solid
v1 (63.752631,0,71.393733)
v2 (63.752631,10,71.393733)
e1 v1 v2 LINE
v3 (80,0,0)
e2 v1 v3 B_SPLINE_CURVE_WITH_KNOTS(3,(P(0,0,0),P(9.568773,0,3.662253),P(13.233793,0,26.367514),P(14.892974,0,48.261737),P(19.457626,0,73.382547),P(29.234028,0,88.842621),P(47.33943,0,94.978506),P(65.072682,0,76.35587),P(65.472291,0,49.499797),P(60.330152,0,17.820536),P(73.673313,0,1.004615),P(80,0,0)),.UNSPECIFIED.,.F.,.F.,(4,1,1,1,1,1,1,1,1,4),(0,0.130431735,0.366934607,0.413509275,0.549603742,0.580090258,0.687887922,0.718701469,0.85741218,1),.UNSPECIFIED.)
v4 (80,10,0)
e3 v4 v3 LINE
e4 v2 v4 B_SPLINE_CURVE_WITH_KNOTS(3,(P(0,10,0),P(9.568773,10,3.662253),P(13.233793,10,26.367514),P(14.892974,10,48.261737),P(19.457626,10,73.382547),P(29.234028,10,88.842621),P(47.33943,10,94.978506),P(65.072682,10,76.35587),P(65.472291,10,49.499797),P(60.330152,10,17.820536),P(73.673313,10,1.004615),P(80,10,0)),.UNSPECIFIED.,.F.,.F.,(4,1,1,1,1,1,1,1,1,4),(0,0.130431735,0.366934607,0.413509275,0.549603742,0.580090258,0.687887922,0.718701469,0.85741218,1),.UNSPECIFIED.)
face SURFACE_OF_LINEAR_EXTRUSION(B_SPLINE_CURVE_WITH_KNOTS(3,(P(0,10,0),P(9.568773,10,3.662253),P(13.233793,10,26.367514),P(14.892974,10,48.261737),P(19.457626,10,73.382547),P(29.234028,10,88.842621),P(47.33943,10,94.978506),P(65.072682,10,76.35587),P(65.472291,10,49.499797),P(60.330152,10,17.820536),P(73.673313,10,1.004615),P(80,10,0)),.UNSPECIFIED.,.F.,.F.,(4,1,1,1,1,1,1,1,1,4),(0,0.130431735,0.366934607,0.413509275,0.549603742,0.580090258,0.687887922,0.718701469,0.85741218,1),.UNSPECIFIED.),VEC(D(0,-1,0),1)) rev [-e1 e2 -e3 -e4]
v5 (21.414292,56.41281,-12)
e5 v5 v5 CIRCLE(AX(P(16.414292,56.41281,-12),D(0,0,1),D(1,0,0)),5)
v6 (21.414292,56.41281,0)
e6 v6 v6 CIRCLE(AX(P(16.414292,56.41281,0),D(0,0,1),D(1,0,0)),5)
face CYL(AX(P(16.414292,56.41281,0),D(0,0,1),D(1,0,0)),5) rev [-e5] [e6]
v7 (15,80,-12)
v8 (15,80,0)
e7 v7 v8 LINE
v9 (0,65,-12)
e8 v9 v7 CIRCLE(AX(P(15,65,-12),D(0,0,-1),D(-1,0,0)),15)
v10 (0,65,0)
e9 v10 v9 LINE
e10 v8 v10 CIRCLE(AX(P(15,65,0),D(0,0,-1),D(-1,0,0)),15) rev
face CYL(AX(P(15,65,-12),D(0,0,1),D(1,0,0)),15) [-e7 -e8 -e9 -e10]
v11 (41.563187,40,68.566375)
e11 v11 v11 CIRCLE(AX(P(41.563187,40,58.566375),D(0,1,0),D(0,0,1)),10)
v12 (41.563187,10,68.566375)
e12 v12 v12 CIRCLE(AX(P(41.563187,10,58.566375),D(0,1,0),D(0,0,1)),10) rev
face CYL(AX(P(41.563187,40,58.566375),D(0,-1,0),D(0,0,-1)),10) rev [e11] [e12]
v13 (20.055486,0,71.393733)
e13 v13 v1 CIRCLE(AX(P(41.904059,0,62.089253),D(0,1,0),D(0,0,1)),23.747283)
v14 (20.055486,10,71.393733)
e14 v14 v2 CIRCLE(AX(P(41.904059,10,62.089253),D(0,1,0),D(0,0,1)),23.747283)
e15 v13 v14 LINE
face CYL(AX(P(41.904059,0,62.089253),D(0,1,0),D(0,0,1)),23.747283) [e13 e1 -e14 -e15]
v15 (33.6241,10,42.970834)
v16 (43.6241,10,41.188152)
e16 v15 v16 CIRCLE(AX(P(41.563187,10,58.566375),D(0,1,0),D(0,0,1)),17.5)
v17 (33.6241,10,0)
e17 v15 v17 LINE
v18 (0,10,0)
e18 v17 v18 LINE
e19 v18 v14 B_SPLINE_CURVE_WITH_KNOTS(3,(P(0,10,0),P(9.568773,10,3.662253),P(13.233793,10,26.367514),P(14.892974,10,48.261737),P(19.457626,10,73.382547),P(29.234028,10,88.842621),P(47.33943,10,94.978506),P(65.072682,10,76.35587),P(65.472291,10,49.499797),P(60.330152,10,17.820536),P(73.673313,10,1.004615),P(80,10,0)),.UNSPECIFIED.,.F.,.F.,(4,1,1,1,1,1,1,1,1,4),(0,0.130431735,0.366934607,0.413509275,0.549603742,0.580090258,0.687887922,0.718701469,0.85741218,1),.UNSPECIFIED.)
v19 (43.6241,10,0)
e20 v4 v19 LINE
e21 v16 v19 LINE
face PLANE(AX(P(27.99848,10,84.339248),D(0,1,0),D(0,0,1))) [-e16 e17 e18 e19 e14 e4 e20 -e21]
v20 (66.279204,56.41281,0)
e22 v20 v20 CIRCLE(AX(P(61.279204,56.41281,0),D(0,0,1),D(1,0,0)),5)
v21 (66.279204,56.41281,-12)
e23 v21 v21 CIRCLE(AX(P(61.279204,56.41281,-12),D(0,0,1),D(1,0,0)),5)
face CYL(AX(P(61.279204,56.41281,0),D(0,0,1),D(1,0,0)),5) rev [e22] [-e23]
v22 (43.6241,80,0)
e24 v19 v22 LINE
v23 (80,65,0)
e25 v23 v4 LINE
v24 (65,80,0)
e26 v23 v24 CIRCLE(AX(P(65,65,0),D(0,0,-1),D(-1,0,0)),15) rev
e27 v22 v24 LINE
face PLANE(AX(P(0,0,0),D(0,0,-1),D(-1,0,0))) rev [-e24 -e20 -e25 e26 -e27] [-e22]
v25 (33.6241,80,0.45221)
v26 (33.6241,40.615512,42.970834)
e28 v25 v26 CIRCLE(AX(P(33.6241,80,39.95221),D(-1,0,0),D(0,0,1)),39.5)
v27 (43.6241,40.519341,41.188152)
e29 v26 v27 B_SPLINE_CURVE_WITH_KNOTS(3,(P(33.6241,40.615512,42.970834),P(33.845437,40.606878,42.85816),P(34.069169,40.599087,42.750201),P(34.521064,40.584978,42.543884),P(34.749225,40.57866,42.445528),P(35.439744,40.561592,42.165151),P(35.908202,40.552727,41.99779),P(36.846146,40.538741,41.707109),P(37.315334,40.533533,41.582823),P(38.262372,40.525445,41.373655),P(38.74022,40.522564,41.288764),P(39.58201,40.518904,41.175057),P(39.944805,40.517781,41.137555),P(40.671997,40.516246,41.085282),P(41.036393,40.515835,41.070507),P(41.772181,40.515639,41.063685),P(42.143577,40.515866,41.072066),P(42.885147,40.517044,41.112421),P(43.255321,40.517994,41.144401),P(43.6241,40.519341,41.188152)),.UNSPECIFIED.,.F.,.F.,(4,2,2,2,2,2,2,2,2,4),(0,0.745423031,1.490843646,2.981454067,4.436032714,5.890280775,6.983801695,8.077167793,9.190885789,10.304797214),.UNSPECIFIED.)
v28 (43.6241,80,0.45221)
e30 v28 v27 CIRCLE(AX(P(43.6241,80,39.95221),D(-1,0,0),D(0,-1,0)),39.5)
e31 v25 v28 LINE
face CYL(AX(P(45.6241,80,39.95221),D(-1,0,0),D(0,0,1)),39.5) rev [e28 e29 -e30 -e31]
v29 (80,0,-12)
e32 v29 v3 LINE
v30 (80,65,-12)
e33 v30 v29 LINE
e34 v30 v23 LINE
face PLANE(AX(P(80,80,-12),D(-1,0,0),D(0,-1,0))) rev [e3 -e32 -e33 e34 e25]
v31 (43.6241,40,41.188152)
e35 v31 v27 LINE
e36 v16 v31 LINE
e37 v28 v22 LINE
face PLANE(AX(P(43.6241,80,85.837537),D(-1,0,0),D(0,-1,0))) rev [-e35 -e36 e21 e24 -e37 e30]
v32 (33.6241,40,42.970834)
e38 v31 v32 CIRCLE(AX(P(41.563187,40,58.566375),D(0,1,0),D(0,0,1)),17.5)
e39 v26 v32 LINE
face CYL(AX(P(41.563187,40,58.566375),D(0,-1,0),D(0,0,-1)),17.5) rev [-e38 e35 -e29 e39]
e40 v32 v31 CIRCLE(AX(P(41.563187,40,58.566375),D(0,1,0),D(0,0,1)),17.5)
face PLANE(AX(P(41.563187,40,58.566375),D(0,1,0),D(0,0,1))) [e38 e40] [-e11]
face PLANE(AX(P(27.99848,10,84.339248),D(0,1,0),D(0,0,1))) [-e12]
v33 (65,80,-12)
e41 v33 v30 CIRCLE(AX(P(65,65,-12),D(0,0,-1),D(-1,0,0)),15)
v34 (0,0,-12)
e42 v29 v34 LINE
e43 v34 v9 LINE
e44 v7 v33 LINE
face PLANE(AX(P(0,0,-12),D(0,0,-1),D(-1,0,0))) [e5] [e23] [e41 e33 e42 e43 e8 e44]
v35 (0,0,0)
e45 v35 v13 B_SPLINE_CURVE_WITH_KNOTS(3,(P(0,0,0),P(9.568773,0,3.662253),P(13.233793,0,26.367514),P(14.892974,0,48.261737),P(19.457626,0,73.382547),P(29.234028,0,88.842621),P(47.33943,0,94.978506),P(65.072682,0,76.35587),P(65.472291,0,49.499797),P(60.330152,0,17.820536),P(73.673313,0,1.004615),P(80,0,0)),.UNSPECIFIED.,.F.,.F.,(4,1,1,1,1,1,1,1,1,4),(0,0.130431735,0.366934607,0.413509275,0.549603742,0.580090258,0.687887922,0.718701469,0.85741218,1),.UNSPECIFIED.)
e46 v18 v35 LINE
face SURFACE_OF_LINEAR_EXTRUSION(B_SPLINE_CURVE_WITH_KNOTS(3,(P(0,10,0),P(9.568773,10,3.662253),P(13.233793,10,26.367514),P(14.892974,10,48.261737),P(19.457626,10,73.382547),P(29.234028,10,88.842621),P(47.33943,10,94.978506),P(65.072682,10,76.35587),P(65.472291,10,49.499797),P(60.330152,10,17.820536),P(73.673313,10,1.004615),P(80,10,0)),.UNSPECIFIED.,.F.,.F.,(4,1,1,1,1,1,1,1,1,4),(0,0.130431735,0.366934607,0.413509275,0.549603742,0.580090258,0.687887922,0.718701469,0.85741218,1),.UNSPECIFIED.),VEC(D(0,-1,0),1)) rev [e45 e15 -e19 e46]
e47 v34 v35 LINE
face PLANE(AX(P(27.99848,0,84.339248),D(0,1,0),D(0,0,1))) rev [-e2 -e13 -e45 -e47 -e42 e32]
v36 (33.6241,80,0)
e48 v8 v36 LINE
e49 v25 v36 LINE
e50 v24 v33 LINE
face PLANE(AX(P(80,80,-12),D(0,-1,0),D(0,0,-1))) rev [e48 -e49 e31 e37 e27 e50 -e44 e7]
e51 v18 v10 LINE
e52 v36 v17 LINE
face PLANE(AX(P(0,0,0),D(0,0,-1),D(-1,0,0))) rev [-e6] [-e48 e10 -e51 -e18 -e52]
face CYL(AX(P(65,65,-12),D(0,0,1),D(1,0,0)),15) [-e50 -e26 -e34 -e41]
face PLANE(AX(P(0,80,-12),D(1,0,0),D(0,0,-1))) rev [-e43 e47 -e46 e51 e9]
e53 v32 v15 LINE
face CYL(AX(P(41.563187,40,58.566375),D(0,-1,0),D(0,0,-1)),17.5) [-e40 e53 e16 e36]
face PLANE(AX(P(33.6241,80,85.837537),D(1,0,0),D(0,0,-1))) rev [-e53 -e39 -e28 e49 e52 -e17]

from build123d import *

# Parameters (mm, degrees)
BOSS_EXTRUDE2_DEPTH      = 10
CUT_EXTRUDE_THIN1_DEPTH  = 10
SKETCH5_R                = 17.5
SKETCH5_R_2              = 10
BOSS_EXTRUDE3_DEPTH      = 30
SKETCH7_W                = 80
SKETCH7_H                = 80
BOSS_EXTRUDE4_DEPTH      = 12
FILLET2_R                = 15
BOSS_EXTRUDE5_REACH      = 144.014
BOSS_EXTRUDE5_END_RADIUS = 17.5
SKETCH8_W                = 10
SKETCH8_H                = 70
SKETCH9_R                = 39.5
CUT_EXTRUDE1_DEPTH       = 12
F_10_0MM_DOWEL_SLOT1_D   = 10


with BuildPart() as part:
    # Sketch3 → Boss-Extrude2 (new body)
    with BuildSketch(Plane(origin=(0, 0, 0), x_dir=(1, 0, 0), z_dir=(0, 1, 0))):
        with BuildLine():
            Line((0, 0), (80, 0))
            add(Edge.make_bspline(
                [(0, 0), (9.568772754, -3.662252769), (13.233792617, -26.367514399), (14.892974138, -48.26173719), (19.457625693, -73.382546531), (29.234028115, -88.842620539), (47.339429681, -94.978505807), (65.072681899, -76.355870434), (65.472290622, -49.499797191), (60.330152399, -17.820535728), (73.673313223, -1.004614773), (80, 0)],
                knots=[0, 0, 0, 0, 0.130431735, 0.366934607, 0.413509275, 0.549603742, 0.580090258, 0.687887922, 0.718701469, 0.85741218, 1, 1, 1, 1], degree=3))
        make_face()
    extrude(amount=BOSS_EXTRUDE2_DEPTH)

    # Sketch4 → Cut-Extrude-Thin1 (cut)
    with BuildSketch(Plane(origin=(0, 10, 0), x_dir=(1, 0, 0), z_dir=(0, 1, 0))):
        Polygon((7.236393203, -67.338737313), (6.633563606, -66.218935394), (15.43873628, -61.47879466), (16.041565876, -62.598596579), align=None)
        with BuildLine():
            ThreePointArc((20.05548635, -71.393733338), (41.904058586, -85.836536546), (63.752630822, -71.393733338))
            Line((63.752630822, -71.393733338), (72.953082149, -75.311857301))
            ThreePointArc((72.953082149, -75.311857301), (41.904058586, -95.836536546), (10.855035023, -75.311857301))
            Line((10.855035023, -75.311857301), (20.05548635, -71.393733338))
        make_face()
    extrude(amount=-CUT_EXTRUDE_THIN1_DEPTH, mode=Mode.SUBTRACT)

    # Sketch5 → Boss-Extrude3 (add)
    with BuildSketch(Plane(origin=(0, 10, 0), x_dir=(1, 0, 0), z_dir=(0, 1, 0))):
        with Locations(Location((41.563187494, -58.566374958, 0), (0, 0, 270))):
            Circle(SKETCH5_R)
        with Locations(Location((41.563187494, -58.566374958, 0), (0, 0, 270))):
            Circle(SKETCH5_R_2, mode=Mode.SUBTRACT)
    extrude(amount=BOSS_EXTRUDE3_DEPTH)

    # Sketch7 → Boss-Extrude4 (add)
    with BuildSketch(Plane(origin=(0, 0, 0), x_dir=(-1, 0, 0), z_dir=(0, 0, -1))):
        with Locations((-40, 40)):
            Rectangle(SKETCH7_W, SKETCH7_H)
    extrude(amount=BOSS_EXTRUDE4_DEPTH)

    # Fillet2
    fillet2_edges = [part.edges().sort_by_distance(p)[0] for p in [
        (80, 80, -6),
        (0, 80, -6),
    ]]
    fillet(fillet2_edges, radius=FILLET2_R)

    # Boss-Extrude5: up to this cylinder (the profile starts outside it)
    boss_extrude5_end = Plane(origin=(41.563187494, 45, 58.566374958), z_dir=(0, -1, 0)) * Cylinder(BOSS_EXTRUDE5_END_RADIUS, 324.028, mode=Mode.PRIVATE)
    # Sketch8 → Boss-Extrude5 (add, up to the surface)
    with BuildSketch(Plane.XY, mode=Mode.PRIVATE) as boss_extrude5_sk1:
        with Locations((38.624100389, 45)):
            Rectangle(SKETCH8_W, SKETCH8_H)
    boss_extrude5_tool1 = extrude(boss_extrude5_sk1.sketch, amount=BOSS_EXTRUDE5_REACH, mode=Mode.PRIVATE) - boss_extrude5_end
    add(boss_extrude5_tool1.solids().sort_by_distance((38.6241, 45, 0))[0])

    # Sketch9 → Cut-Extrude1 (cut)
    with BuildSketch(Plane.ZY.offset(-33.624100389)):
        with Locations((39.952210093, 80)):
            Circle(SKETCH9_R)
    extrude(amount=-CUT_EXTRUDE1_DEPTH, mode=Mode.SUBTRACT)

    # Ø10.0mm Dowel Slot1 (through all)
    with Locations(Plane.XY):
        with Locations((61.279203802, 56.41280999), (16.414291642, 56.41280999)):
            Hole(F_10_0MM_DOWEL_SLOT1_D / 2)


solid = part.part
